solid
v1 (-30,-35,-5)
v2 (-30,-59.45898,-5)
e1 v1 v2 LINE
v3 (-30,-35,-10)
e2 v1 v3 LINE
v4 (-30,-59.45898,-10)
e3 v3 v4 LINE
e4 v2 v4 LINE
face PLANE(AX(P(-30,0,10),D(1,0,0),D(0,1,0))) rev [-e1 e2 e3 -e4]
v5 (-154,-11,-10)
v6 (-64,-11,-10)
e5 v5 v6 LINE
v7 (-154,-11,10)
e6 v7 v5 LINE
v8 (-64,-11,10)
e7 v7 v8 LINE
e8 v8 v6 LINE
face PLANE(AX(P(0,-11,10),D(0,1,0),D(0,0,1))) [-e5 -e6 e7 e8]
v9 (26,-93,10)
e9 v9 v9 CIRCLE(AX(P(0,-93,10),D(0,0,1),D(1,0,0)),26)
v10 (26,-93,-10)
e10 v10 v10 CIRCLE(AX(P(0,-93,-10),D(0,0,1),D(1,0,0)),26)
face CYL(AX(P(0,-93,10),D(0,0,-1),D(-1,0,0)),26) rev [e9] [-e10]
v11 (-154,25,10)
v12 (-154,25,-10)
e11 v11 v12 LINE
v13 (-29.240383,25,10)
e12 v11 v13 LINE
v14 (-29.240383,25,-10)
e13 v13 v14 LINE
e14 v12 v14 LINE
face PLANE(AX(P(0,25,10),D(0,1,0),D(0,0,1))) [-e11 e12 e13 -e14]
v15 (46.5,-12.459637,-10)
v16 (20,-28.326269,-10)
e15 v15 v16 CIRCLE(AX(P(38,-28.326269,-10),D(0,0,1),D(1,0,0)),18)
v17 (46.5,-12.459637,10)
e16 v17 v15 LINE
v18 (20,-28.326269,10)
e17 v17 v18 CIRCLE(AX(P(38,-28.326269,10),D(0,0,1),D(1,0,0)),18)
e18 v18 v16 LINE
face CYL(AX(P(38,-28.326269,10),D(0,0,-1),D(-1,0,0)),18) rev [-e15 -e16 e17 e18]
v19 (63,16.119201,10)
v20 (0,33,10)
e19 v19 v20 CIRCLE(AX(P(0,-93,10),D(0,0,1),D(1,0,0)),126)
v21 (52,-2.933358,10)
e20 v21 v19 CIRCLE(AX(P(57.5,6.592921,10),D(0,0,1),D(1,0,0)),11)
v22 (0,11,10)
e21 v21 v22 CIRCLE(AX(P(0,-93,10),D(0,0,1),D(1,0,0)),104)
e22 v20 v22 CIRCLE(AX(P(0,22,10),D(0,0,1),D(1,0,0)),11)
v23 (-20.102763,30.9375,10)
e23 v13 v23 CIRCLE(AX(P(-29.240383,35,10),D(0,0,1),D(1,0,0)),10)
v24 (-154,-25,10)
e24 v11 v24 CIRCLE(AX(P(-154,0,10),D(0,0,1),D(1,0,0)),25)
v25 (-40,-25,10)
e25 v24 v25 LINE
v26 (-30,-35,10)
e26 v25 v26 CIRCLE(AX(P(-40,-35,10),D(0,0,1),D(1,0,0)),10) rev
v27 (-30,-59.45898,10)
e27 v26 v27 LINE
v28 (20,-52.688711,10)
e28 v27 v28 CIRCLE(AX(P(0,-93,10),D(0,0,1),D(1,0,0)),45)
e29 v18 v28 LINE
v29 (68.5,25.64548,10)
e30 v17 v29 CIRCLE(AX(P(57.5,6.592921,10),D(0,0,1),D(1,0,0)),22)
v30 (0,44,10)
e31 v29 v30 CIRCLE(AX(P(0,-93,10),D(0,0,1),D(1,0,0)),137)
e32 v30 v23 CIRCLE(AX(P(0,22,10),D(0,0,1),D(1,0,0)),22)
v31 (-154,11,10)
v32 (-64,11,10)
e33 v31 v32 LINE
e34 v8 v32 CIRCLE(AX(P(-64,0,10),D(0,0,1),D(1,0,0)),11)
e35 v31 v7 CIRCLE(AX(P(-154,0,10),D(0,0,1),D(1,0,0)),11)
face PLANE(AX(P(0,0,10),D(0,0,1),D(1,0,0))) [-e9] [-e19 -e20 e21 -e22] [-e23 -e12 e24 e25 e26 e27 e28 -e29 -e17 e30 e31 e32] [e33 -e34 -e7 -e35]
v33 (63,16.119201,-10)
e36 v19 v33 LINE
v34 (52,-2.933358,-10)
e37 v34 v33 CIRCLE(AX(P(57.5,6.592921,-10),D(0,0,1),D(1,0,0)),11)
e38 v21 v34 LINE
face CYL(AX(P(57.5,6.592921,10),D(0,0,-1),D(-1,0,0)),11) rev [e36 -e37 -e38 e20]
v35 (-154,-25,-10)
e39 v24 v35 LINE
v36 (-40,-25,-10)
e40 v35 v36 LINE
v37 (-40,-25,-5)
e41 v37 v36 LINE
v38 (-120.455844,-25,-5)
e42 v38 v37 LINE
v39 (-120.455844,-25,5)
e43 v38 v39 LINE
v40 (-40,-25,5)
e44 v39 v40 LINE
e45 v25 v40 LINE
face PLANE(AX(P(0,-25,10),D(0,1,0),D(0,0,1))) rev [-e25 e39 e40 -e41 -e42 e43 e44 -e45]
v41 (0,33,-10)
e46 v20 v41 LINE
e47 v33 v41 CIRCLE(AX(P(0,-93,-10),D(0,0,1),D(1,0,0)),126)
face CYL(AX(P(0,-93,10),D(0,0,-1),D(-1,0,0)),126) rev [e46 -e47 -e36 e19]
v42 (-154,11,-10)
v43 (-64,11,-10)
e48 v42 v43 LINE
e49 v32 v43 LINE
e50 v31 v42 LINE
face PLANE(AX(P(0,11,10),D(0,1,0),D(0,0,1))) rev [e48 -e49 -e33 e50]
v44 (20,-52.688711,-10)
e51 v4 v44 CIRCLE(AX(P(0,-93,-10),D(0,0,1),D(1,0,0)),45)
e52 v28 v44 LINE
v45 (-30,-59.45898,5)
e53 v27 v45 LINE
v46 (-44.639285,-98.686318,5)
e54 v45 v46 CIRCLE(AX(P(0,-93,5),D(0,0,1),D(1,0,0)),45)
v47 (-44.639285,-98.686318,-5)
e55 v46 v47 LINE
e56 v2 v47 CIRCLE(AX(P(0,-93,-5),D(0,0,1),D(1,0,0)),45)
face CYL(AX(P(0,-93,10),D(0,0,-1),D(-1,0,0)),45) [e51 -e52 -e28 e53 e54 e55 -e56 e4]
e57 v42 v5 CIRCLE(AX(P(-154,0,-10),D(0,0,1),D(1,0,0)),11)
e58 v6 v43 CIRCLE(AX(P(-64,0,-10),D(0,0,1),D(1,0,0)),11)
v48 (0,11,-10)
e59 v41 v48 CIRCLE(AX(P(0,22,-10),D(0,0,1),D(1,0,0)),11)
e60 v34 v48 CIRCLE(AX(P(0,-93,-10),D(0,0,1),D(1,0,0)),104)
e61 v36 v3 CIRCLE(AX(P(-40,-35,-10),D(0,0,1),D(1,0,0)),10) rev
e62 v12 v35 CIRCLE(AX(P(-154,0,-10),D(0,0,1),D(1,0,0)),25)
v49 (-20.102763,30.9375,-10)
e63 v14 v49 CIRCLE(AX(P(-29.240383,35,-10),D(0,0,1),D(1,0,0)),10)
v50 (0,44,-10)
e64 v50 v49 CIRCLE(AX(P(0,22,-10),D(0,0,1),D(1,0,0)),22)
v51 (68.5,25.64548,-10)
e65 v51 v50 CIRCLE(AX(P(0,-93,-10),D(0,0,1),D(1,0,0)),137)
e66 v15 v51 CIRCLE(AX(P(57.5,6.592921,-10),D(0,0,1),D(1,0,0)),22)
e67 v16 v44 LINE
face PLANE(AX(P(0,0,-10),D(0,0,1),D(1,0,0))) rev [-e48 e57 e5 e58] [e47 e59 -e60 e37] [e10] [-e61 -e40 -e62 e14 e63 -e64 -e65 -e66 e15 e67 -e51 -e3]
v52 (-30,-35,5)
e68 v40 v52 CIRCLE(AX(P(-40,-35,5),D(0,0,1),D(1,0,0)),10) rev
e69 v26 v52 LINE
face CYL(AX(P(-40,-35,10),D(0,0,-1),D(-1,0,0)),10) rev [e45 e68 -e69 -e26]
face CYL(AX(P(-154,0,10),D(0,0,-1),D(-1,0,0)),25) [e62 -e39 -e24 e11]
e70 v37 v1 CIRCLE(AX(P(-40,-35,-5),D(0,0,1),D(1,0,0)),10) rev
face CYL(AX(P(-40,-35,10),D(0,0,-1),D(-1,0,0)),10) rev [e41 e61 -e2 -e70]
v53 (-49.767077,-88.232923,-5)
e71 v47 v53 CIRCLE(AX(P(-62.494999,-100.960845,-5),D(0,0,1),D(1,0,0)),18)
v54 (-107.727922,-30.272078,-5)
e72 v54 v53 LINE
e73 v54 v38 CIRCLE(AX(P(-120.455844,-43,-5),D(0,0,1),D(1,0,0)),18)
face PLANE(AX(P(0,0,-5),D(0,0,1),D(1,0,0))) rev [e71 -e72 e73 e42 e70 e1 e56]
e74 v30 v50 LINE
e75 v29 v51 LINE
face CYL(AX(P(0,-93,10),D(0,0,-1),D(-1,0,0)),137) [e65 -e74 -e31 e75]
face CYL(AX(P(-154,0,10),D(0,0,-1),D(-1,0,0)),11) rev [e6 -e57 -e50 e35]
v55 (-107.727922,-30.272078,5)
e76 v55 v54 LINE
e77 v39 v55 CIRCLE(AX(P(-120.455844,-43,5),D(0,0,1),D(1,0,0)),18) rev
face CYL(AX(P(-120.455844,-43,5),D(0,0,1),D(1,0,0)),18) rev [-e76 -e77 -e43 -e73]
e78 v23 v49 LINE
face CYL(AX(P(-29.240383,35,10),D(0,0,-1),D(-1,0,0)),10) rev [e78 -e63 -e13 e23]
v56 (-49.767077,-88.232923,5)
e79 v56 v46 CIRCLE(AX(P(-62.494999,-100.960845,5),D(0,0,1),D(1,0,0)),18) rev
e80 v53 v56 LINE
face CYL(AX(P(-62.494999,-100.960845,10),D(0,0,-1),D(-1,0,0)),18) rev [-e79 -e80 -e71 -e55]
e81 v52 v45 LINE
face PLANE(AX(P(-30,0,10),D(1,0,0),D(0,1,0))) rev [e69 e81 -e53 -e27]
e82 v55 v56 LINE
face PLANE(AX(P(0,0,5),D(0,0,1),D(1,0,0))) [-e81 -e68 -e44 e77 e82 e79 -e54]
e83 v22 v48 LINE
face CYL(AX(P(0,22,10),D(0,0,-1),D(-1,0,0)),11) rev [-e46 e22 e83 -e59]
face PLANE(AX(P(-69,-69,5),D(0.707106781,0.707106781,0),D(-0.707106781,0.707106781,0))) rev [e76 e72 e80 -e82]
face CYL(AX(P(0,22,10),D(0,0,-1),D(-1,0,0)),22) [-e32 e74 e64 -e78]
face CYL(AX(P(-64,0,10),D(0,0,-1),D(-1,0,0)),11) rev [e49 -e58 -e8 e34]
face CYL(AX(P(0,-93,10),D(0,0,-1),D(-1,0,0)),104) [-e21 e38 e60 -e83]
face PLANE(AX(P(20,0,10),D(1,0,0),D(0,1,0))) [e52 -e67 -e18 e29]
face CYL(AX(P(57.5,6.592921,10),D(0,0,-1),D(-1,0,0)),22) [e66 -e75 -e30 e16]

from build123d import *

# Parameters (mm, degrees)
SKETCH_1_R      = 26
EXTRUDE_1_DEPTH = 10
EXTRUDE_2_DEPTH = 5
FILLET_1_R      = 18


with BuildPart() as part:
    # 草图1 → 凸台-拉伸1 (new, symmetric)
    with BuildSketch(Plane.XY):
        with BuildLine():
            ThreePointArc((-40, -25), (-32.928932188, -27.928932188), (-30, -35))
            Line((-30, -35), (-30, -59.458980338))
            ThreePointArc((-30, -59.458980338), (-41.079191813, -74.628826929), (-45, -93))
            ThreePointArc((-45, -93), (23.717082451, -131.242646352), (20, -52.688711259))
            Line((20, -52.688711259), (20, -28.326269101))
            ThreePointArc((20, -28.326269101), (28.753378996, -12.882823889), (46.5, -12.459637448))
            ThreePointArc((46.5, -12.459637448), (76.552558883, -4.407078565), (68.5, 25.645480318))
            ThreePointArc((68.5, 25.645480318), (35.458209179, 39.331838202), (0, 44))
            ThreePointArc((0, 44), (-11.986972095, 40.447560814), (-20.102763336, 30.9375))
            ThreePointArc((-20.102763336, 30.9375), (-23.791759355, 26.614745084), (-29.240383034, 25))
            Line((-29.240383034, 25), (-154, 25))
            ThreePointArc((-154, 25), (-179, 0), (-154, -25))
            Line((-154, -25), (-113, -25))
            Line((-113, -25), (-40, -25))
        make_face()
        with Locations((0, -93)):
            Circle(SKETCH_1_R, mode=Mode.SUBTRACT)
        with BuildLine():
            ThreePointArc((-154, -11), (-165, 0), (-154, 11))
            Line((-154, 11), (-64, 11))
            ThreePointArc((-64, 11), (-53, 0), (-64, -11))
            Line((-64, -11), (-154, -11))
        make_face(mode=Mode.SUBTRACT)
        with BuildLine():
            ThreePointArc((0, 33), (32.611199683, 28.706654112), (63, 16.119200877))
            ThreePointArc((63, 16.119200877), (67.026279442, 1.092921435), (52, -2.933358006))
            ThreePointArc((52, -2.933358006), (26.917180691, 7.456285934), (0, 11))
            ThreePointArc((0, 11), (-11, 22), (0, 33))
        make_face(mode=Mode.SUBTRACT)
    extrude(amount=EXTRUDE_1_DEPTH, both=True)

    # 草图1<3> → 凸台-拉伸2 (add, symmetric)
    with BuildSketch(Plane.XY):
        with BuildLine():
            Line((-30, -59.458980338), (-30, -35))
            ThreePointArc((-30, -35), (-32.928932188, -27.928932188), (-40, -25))
            Line((-40, -25), (-113, -25))
            Line((-113, -25), (-45, -93))
            ThreePointArc((-45, -93), (-41.079191813, -74.628826929), (-30, -59.458980338))
        make_face()
    extrude(amount=EXTRUDE_2_DEPTH, both=True)

    # 圆角1
    fillet_1_edges = [part.edges().sort_by_distance(p)[0] for p in [
        (-113, -25, 0),
        (-45, -93, 0),
    ]]
    fillet(fillet_1_edges, radius=FILLET_1_R)


solid = part.part
